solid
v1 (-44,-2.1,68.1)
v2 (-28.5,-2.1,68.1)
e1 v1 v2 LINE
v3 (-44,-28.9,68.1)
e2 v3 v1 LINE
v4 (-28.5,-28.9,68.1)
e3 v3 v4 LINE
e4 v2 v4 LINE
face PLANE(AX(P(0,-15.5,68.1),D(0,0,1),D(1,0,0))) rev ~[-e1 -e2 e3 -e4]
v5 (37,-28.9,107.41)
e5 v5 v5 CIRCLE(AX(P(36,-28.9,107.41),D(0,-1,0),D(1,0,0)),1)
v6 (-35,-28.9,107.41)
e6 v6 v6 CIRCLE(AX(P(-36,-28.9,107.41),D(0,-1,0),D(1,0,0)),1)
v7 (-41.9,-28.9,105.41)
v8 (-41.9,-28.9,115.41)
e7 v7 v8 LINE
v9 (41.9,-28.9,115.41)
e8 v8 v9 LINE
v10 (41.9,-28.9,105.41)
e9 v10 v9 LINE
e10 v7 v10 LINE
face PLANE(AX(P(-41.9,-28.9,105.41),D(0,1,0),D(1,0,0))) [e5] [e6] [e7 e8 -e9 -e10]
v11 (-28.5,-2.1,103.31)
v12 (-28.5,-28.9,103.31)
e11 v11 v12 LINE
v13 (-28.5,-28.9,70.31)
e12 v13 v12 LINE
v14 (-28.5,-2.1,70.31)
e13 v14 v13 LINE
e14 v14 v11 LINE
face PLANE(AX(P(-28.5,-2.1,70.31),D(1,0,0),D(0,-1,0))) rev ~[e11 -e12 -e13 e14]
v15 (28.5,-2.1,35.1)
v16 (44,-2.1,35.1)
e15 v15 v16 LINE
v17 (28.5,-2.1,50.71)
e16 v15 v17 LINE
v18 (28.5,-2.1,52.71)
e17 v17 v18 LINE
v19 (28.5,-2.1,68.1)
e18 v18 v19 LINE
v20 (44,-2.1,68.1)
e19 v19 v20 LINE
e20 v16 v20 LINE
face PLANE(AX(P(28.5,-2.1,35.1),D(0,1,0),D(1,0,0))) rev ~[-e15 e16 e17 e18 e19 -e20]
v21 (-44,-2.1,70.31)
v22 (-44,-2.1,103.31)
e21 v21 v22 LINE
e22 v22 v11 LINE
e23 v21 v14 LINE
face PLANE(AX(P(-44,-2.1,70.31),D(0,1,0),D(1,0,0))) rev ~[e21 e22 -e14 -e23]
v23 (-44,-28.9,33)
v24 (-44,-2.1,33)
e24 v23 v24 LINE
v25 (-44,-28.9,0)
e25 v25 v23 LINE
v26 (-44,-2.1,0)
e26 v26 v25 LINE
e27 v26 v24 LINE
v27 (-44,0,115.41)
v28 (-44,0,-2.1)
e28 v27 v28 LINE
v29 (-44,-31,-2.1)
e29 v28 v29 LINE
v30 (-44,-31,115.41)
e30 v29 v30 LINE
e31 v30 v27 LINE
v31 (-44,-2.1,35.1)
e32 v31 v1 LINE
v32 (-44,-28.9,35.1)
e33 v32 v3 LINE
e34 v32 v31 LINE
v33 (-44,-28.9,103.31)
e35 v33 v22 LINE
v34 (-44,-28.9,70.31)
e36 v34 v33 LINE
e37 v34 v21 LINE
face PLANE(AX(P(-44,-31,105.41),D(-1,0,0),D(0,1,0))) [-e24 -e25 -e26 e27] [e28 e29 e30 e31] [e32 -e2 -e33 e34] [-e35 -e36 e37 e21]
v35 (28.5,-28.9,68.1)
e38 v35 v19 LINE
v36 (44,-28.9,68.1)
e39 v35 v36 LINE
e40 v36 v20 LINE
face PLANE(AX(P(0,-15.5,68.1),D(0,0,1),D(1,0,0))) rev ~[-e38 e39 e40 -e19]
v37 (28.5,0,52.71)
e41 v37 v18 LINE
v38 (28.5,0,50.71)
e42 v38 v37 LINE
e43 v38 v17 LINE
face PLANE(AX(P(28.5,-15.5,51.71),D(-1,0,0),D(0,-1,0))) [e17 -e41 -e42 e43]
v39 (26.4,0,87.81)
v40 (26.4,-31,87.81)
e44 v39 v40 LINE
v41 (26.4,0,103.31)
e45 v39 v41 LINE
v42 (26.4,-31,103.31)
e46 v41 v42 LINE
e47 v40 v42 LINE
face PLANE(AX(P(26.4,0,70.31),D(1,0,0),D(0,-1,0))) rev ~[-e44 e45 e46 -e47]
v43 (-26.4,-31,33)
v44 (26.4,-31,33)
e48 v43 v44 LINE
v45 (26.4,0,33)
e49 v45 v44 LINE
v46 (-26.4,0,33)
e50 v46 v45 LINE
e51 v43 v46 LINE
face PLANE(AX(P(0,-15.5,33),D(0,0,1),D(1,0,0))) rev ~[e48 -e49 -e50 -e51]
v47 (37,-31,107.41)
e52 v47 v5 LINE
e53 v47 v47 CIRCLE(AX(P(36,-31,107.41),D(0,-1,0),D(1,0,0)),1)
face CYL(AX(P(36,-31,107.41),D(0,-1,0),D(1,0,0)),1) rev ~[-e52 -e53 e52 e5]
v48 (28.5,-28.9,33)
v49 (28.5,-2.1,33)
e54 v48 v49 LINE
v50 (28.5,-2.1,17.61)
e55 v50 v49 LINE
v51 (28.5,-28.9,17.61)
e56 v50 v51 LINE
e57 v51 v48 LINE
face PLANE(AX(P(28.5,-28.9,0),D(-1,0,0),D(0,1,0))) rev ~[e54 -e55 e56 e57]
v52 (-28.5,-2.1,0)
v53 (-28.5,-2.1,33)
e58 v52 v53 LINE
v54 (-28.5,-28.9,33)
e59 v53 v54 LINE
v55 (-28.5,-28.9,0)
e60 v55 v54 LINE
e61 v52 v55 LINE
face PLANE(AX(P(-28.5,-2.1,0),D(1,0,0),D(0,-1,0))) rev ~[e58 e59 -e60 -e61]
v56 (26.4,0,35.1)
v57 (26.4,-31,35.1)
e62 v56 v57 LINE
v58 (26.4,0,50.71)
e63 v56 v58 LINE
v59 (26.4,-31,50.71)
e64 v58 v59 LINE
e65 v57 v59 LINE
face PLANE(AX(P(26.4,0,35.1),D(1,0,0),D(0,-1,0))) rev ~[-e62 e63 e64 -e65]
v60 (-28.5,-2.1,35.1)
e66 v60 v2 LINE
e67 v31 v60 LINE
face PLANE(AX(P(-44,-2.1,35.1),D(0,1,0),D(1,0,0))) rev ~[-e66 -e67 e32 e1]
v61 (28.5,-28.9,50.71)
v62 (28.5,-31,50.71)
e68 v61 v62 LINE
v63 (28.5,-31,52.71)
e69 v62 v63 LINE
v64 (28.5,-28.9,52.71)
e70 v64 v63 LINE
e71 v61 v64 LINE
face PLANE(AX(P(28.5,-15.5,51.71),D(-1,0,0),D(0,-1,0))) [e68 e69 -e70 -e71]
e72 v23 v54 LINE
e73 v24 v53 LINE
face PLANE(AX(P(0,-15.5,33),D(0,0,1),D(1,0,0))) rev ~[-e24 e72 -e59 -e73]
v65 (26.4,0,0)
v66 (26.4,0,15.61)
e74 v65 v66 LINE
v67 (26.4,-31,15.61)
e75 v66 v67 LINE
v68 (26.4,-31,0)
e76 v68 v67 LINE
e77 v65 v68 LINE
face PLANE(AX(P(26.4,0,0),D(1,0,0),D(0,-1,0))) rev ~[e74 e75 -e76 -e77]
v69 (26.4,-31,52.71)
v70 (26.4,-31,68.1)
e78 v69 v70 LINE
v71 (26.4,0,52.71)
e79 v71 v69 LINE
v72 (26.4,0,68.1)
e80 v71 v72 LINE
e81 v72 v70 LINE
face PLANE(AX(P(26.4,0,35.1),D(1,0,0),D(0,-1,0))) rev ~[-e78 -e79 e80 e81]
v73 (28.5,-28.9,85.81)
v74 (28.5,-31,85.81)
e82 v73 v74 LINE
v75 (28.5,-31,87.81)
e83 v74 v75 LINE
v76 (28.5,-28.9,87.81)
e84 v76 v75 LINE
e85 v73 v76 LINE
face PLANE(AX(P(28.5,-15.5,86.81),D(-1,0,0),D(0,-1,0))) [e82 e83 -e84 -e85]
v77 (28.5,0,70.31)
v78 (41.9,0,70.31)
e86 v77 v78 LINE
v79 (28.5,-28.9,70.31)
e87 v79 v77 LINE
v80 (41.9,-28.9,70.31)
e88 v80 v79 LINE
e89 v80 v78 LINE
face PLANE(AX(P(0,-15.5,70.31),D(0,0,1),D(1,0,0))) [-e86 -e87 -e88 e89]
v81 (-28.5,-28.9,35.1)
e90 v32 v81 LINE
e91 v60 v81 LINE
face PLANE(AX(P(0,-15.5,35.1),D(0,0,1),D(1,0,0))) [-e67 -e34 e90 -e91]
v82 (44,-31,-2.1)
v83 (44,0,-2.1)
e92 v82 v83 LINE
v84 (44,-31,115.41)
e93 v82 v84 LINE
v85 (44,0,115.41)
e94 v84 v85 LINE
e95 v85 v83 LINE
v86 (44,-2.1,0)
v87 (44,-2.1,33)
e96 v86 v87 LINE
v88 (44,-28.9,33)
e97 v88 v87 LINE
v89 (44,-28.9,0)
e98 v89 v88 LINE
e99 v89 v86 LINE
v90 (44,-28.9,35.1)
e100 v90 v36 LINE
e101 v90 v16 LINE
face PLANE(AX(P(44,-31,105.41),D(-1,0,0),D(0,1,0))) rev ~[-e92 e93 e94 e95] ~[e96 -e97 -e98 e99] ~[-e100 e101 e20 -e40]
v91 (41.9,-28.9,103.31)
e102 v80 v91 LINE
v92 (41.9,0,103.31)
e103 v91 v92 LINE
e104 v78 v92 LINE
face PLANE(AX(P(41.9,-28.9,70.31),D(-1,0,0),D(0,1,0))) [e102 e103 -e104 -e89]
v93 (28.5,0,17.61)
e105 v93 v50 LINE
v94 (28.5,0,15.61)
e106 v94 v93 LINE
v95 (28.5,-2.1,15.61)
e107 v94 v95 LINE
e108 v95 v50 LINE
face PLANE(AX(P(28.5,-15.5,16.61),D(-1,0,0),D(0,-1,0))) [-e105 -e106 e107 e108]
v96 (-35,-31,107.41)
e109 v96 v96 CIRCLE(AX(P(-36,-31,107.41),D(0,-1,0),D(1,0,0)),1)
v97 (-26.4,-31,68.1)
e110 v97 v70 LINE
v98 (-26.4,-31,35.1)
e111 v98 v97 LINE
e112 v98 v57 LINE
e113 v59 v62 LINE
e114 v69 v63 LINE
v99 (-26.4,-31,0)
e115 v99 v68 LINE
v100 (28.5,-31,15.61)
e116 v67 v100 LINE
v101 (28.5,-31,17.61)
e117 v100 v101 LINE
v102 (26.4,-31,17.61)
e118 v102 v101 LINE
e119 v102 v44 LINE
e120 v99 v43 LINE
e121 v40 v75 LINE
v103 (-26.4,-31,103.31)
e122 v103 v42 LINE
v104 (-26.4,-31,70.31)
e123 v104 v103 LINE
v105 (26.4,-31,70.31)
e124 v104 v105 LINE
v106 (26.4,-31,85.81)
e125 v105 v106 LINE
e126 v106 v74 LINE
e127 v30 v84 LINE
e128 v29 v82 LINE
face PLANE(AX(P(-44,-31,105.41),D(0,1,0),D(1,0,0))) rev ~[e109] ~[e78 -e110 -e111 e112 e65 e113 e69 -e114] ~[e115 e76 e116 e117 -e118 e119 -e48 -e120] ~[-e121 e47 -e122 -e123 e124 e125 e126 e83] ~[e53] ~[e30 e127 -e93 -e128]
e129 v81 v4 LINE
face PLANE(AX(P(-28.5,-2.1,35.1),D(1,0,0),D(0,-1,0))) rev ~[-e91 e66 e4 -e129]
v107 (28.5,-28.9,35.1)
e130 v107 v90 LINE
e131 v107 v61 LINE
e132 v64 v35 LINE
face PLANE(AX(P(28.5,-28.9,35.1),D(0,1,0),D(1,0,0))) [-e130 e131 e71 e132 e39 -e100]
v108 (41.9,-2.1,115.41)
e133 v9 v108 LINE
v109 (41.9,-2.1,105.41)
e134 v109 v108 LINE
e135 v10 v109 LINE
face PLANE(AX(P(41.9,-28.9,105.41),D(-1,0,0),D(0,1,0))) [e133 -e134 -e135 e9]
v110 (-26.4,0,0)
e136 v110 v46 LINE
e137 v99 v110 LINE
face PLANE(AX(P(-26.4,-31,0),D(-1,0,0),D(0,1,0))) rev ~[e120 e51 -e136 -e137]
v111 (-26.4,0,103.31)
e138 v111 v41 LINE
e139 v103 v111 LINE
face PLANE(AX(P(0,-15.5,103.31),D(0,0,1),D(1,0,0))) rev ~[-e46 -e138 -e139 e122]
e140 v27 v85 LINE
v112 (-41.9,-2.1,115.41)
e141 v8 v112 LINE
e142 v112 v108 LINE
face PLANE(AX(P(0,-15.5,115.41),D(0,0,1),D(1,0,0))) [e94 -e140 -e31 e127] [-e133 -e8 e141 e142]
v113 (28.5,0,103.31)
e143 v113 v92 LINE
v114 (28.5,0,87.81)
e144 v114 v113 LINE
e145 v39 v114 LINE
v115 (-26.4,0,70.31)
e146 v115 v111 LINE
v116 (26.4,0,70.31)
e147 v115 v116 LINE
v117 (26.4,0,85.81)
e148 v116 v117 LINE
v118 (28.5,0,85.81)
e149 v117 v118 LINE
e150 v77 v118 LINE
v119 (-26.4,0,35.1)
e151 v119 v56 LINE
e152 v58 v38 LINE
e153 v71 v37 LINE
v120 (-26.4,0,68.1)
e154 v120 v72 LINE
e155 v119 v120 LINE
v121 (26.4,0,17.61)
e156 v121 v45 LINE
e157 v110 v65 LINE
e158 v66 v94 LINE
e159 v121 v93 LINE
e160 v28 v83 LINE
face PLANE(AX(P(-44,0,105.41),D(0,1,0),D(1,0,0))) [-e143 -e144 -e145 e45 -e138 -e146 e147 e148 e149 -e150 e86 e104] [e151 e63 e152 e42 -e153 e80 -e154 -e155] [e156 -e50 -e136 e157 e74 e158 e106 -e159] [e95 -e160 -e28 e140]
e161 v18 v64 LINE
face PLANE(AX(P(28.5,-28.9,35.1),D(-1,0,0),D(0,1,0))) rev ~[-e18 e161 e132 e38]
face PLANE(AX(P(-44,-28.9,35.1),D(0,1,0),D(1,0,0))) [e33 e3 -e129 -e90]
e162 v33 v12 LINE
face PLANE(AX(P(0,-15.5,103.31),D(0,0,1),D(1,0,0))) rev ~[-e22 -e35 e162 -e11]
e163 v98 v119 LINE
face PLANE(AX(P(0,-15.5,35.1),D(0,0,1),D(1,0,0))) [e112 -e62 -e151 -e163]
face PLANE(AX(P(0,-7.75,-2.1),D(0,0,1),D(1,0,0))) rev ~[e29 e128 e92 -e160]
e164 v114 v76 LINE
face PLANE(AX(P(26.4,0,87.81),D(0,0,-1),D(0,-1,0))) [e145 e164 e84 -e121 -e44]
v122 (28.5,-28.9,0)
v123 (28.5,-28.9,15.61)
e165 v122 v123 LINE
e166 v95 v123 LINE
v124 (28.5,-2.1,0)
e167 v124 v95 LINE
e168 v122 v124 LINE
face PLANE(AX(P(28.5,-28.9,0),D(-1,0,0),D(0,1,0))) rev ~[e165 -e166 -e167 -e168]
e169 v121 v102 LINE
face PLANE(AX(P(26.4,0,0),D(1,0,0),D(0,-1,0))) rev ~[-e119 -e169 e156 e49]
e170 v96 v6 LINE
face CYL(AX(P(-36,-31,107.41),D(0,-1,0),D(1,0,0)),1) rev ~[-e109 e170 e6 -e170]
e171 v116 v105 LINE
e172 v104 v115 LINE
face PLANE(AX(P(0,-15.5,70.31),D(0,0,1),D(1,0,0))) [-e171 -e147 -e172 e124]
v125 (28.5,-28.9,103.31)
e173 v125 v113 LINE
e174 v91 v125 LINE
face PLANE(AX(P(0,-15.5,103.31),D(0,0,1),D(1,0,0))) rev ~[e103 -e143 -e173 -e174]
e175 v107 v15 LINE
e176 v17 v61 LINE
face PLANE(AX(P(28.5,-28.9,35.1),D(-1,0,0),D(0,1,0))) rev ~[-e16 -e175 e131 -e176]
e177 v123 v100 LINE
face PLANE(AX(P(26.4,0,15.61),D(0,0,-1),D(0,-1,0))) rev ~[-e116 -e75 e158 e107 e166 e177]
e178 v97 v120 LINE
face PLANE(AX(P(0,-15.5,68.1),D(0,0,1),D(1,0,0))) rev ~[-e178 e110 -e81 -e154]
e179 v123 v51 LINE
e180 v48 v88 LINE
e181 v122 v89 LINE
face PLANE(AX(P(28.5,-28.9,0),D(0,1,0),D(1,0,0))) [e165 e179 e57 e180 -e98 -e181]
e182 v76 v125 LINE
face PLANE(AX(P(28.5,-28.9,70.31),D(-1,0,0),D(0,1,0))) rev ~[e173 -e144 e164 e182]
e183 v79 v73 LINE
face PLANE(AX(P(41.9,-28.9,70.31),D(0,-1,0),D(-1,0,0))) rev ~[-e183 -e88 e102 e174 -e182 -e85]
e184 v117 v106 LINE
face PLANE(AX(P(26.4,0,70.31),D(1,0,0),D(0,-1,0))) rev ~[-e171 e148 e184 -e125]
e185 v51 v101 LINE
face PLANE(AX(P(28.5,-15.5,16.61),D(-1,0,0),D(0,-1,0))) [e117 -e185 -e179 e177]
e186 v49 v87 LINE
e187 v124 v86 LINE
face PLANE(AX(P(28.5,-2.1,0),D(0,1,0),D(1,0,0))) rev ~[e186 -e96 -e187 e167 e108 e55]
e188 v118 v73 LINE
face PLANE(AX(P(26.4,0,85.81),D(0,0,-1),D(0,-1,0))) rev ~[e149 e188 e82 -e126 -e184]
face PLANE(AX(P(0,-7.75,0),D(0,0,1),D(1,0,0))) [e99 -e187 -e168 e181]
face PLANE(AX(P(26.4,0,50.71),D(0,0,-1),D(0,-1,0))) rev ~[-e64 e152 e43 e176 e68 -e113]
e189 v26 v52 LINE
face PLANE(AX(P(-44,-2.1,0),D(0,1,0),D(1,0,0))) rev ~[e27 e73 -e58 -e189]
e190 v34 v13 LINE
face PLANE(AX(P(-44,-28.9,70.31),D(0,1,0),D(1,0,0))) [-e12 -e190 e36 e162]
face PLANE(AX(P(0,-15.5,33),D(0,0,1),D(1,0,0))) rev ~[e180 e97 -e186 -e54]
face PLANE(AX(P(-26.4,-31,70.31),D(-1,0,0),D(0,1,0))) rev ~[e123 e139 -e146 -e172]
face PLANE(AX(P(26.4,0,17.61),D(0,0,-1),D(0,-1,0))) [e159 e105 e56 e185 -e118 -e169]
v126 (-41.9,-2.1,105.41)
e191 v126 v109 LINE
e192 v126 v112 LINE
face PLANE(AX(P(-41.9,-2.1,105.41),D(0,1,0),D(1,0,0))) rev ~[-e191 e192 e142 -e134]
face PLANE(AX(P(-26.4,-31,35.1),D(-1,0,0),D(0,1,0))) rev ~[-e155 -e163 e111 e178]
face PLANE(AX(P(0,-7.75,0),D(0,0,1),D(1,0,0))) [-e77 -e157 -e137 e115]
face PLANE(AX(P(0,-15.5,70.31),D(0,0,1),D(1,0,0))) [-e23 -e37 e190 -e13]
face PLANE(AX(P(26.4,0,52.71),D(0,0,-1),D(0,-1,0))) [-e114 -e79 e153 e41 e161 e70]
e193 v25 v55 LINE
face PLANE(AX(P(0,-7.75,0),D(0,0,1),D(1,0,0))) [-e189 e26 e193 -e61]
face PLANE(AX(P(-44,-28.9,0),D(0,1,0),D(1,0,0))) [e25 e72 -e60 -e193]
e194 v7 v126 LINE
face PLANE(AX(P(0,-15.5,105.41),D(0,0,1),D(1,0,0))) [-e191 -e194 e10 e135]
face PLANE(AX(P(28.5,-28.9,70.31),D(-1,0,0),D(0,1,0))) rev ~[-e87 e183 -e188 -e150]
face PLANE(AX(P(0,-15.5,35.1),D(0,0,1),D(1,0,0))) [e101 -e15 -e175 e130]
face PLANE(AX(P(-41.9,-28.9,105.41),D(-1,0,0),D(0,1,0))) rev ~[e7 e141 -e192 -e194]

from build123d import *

# Parameters (mm, degrees)
F0_W      = 88
F0_H      = 15.5
F1_DEPTH  = 2.1
F2_W      = 15.5
F2_H      = 2.1
F3_DEPTH  = 33
F4_W      = 88
F4_H      = 31
F5_DEPTH  = 2.1
F6_W      = 15.5
F6_H      = 2.1
F7_DEPTH  = 33
F8_W      = 88
F8_H      = 31
F9_DEPTH  = 2.21
F10_W     = 15.5
F10_H     = 2.1
F10_W_2   = 2.1
F10_H_2   = 28.9
F11_DEPTH = 33
F12_W     = 88
F12_H     = 31
F13_DEPTH = 2.1
F14_W     = 88
F14_H     = 31
F14_W_2   = 83.8
F14_H_2   = 26.8
F15_DEPTH = 10
F16_R     = 1
F17_DEPTH = 2.1
F18_W     = 31
F18_H     = 2
F19_DEPTH = 2.1


with BuildPart() as f1:
    # F0 (on Top) → F1 (new body)
    with BuildSketch(Plane.XY):
        with Locations((0, -7.75)):
            Rectangle(F0_W, F0_H)
        with Locations((0, -23.25)):
            Rectangle(F0_W, F0_H)
    extrude(amount=-F1_DEPTH)

    # F2 (on face) → F3 (join)
    with BuildSketch(Plane.XY):
        Polygon((-26.4, 0), (-28.5, 0), (-28.5, -2.1), (-28.5, -28.9), (-28.5, -31), (-26.4, -31), align=None)
        with Locations((-36.25, -1.05)):
            Rectangle(F2_W, F2_H)
        with Locations((-36.25, -29.95)):
            Rectangle(F2_W, F2_H)
        Polygon((28.5, 0), (26.4, 0), (26.4, -31), (28.5, -31), (28.5, -28.9), (28.5, -2.1), align=None)
        with Locations((36.25, -1.05)):
            Rectangle(F2_W, F2_H)
        with Locations((36.25, -29.95)):
            Rectangle(F2_W, F2_H)
    extrude(amount=F3_DEPTH)

    # F4 (on face) → F5 (join)
    with BuildSketch(Plane.XY.offset(33)):
        with Locations((0, -15.5)):
            Rectangle(F4_W, F4_H)
    extrude(amount=F5_DEPTH)

    # F6 (on face) → F7 (join)
    with BuildSketch(Plane.XY.offset(35.1)):
        Polygon((-26.4, 0), (-28.5, 0), (-28.5, -2.1), (-28.5, -28.9), (-28.5, -31), (-26.4, -31), align=None)
        with Locations((-36.25, -1.05)):
            Rectangle(F6_W, F6_H)
        with Locations((-36.25, -29.95)):
            Rectangle(F6_W, F6_H)
        Polygon((28.5, 0), (26.4, 0), (26.4, -31), (28.5, -31), (28.5, -28.9), (28.5, -2.1), align=None)
        with Locations((36.25, -29.95)):
            Rectangle(F6_W, F6_H)
        with Locations((36.25, -1.05)):
            Rectangle(F6_W, F6_H)
    extrude(amount=F7_DEPTH)

    # F8 (on face) → F9 (join)
    with BuildSketch(Plane.XY.offset(68.1)):
        with Locations((0, -15.5)):
            Rectangle(F8_W, F8_H)
    extrude(amount=F9_DEPTH)

    # F10 (on face) → F11 (join)
    with BuildSketch(Plane.XY.offset(70.31)):
        with Locations((-36.25, -1.05)):
            Rectangle(F10_W, F10_H)
        Polygon((28.5, -28.9), (28.5, -31), (44, -31), (44, -28.9), (41.9, -28.9), align=None)
        with Locations((-36.25, -29.95)):
            Rectangle(F10_W, F10_H)
        Polygon((-26.4, 0), (-28.5, 0), (-28.5, -2.1), (-28.5, -28.9), (-28.5, -31), (-26.4, -31), align=None)
        Polygon((28.5, 0), (26.4, 0), (26.4, -31), (28.5, -31), (28.5, -28.9), align=None)
        with Locations((42.95, -14.45)):
            Rectangle(F10_W_2, F10_H_2)
    extrude(amount=F11_DEPTH)

    # F12 (on face) → F13 (join)
    with BuildSketch(Plane.XY.offset(103.31)):
        with Locations((0, -15.5)):
            Rectangle(F12_W, F12_H)
    extrude(amount=F13_DEPTH)

    # F14 (on face) → F15 (join)
    with BuildSketch(Plane.XY.offset(105.41)):
        with Locations((0, -15.5)):
            Rectangle(F14_W, F14_H)
        with Locations((0, -15.5)):
            Rectangle(F14_W_2, F14_H_2, mode=Mode.SUBTRACT)
    extrude(amount=F15_DEPTH)

    # F16 (on face) → F17 (cut)
    with BuildSketch(Plane.XZ.offset(31)):
        with Locations((-36, 107.41)):
            Circle(F16_R)
        with Locations((36, 107.41)):
            Circle(F16_R)
    extrude(amount=-F17_DEPTH, mode=Mode.SUBTRACT)

    # F18 (on face) → F19 (cut)
    with BuildSketch(Plane(origin=(26.4, 0, 0), x_dir=(0, -1, 0), z_dir=(-1, 0, 0))):
        with Locations((15.5, 86.81)):
            Rectangle(F18_W, F18_H)
        with Locations((15.5, 51.71)):
            Rectangle(F18_W, F18_H)
        with Locations((15.5, 16.61)):
            Rectangle(F18_W, F18_H)
    extrude(amount=-F19_DEPTH, mode=Mode.SUBTRACT)


solid = f1.part
